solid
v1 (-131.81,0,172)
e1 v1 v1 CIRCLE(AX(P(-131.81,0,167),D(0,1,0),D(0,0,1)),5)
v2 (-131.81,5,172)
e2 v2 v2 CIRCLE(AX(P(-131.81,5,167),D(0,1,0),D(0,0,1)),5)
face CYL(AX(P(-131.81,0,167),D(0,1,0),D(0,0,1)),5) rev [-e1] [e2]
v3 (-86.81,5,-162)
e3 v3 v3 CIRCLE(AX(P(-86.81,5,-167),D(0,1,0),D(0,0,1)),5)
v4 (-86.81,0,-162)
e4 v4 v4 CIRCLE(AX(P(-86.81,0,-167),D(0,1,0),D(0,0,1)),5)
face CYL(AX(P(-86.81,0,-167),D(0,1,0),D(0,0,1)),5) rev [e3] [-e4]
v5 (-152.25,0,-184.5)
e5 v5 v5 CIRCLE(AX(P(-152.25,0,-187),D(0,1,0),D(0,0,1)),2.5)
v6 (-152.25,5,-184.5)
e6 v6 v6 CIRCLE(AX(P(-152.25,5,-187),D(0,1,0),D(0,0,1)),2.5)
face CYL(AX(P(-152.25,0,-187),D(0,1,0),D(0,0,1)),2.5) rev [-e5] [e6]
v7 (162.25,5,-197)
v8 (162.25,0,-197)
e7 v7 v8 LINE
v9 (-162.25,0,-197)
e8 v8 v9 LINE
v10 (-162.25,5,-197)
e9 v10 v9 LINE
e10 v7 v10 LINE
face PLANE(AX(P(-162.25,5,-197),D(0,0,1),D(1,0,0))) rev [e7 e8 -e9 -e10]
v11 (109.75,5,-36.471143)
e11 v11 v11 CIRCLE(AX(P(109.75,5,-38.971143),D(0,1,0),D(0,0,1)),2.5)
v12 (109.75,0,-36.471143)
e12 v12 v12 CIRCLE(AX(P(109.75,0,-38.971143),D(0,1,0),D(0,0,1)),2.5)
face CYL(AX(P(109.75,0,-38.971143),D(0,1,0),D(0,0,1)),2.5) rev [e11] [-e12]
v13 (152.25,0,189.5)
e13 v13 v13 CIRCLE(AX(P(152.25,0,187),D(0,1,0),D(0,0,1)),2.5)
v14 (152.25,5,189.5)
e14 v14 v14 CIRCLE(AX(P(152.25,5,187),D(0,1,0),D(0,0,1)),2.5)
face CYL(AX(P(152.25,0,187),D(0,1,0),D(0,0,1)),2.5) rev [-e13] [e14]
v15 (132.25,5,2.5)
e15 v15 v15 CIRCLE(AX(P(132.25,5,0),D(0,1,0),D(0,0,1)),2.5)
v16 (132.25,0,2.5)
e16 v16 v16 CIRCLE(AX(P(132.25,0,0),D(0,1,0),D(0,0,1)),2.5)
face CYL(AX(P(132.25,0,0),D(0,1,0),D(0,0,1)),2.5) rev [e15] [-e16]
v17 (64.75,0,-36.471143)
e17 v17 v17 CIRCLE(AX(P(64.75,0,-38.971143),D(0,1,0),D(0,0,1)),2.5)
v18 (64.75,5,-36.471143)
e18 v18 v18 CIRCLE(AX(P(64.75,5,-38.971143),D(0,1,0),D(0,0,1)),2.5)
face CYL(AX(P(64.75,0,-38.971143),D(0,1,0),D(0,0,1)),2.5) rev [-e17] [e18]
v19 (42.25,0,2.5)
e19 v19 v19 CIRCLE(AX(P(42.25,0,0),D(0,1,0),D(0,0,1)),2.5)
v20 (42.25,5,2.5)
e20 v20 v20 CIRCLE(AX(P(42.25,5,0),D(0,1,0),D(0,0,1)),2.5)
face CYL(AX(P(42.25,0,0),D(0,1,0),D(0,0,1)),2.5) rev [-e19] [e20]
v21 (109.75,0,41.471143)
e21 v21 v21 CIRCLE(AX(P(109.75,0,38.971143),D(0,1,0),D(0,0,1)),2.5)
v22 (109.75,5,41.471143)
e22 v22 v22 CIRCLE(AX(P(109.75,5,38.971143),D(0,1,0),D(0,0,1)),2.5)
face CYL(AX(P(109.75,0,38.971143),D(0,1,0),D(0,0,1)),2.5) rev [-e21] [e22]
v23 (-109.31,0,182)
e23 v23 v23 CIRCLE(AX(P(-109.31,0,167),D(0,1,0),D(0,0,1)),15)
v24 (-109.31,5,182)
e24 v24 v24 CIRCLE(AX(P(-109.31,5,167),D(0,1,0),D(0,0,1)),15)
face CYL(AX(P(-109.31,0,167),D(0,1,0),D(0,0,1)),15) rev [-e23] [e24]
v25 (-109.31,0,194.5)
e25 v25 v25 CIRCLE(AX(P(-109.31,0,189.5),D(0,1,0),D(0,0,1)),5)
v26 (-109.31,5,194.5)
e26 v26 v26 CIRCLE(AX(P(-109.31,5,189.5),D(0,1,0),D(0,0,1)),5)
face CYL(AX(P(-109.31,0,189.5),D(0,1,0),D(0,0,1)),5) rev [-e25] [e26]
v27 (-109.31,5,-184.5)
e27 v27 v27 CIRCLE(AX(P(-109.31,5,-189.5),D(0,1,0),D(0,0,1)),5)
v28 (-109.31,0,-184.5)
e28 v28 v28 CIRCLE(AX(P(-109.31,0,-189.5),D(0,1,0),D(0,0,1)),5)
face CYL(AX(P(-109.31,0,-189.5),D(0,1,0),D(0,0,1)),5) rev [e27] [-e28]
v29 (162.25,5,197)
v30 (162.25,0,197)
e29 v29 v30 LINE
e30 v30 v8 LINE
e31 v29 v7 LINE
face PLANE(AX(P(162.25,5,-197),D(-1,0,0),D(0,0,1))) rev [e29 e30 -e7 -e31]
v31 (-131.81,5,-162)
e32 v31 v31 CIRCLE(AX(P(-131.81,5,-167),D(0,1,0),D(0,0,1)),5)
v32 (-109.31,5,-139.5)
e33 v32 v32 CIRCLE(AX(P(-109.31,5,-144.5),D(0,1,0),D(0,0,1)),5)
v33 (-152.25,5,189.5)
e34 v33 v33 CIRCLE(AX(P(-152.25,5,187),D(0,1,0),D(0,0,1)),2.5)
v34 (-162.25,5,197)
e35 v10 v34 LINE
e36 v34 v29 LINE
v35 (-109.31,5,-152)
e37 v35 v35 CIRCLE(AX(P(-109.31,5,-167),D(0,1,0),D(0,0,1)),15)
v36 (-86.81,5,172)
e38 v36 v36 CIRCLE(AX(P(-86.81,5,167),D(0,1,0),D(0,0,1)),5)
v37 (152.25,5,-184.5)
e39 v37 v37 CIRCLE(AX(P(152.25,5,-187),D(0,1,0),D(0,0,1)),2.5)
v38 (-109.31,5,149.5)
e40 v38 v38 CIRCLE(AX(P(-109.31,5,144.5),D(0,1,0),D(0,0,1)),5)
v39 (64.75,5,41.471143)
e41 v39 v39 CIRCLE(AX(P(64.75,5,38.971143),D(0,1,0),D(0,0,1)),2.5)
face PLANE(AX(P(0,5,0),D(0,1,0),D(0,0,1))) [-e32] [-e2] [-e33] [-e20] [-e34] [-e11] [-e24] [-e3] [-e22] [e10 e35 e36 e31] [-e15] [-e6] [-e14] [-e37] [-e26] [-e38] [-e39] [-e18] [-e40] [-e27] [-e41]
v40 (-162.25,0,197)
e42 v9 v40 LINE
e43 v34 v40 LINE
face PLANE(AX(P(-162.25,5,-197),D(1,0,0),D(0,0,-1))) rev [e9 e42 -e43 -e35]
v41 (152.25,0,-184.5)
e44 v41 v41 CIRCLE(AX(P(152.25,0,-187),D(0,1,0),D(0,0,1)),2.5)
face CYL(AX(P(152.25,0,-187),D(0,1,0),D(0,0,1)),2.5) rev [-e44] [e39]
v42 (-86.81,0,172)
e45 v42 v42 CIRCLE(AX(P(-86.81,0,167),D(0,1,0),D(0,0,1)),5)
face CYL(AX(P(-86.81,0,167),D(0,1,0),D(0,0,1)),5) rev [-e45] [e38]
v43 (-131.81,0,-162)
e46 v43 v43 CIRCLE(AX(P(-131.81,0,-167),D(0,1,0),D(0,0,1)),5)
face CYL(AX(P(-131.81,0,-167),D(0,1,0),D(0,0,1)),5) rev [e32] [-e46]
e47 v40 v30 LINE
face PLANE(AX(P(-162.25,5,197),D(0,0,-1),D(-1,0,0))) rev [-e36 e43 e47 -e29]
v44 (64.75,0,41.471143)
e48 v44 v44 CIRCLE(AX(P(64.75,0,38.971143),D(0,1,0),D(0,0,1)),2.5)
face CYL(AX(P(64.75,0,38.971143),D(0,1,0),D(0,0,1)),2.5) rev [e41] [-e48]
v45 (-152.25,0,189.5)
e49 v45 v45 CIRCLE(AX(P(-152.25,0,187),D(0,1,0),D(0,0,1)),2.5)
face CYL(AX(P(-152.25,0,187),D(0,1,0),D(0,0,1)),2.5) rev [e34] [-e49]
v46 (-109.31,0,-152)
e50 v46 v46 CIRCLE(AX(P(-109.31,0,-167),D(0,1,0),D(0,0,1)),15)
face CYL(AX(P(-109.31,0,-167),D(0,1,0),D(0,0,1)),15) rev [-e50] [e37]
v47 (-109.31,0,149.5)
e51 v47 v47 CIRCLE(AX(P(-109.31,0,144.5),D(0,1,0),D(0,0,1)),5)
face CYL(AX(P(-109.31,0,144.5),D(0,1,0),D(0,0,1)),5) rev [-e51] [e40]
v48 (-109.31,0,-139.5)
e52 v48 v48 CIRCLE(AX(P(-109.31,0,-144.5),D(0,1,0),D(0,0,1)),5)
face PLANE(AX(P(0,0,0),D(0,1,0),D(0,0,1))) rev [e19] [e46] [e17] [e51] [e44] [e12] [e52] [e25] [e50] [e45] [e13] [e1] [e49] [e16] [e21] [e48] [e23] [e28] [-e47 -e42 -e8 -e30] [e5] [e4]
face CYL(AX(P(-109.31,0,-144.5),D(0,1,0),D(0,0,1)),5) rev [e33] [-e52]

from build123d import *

# Parameters (mm, degrees)
SKETCH1_W           = 324.5
SKETCH1_H           = 394
BOSS_EXTRUDE1_DEPTH = 5
SKETCH2_R           = 2.5
CUT_EXTRUDE1_DEPTH  = 256.262732298
SKETCH3_R           = 2.5
CUT_EXTRUDE2_DEPTH  = 5
SKETCH4_R           = 15
SKETCH4_R_2         = 5
CUT_EXTRUDE4_DEPTH  = 256.262732298


with BuildPart() as part:
    # Sketch1 → Boss-Extrude1 (new body)
    with BuildSketch(Plane(origin=(0, 0, 0), x_dir=(1, 0, 0), z_dir=(0, 1, 0))):
        Rectangle(SKETCH1_W, SKETCH1_H)
    extrude(amount=BOSS_EXTRUDE1_DEPTH)

    # Sketch2 → Cut-Extrude1 (cut, through all)
    with BuildSketch(Plane(origin=(0, 5, 0), x_dir=(1, 0, 0), z_dir=(0, 1, 0))):
        with Locations(Location((152.25, 187, 0), (0, 0, 270))):
            Circle(SKETCH2_R)
        with Locations(Location((-152.25, 187, 0), (0, 0, 270))):
            Circle(SKETCH2_R)
        with Locations(Location((-152.25, -187, 0), (0, 0, 270))):
            Circle(SKETCH2_R)
        with Locations(Location((152.25, -187, 0), (0, 0, 270))):
            Circle(SKETCH2_R)
    extrude(amount=-CUT_EXTRUDE1_DEPTH, mode=Mode.SUBTRACT)

    # Sketch3 → Cut-Extrude2 (cut)
    with BuildSketch(Plane(origin=(0, 5, 0), x_dir=(1, 0, 0), z_dir=(0, 1, 0))):
        with Locations(Location((132.25, 0, 0), (0, 0, 270))):
            Circle(SKETCH3_R)
        with Locations(Location((109.75, -38.97114317, 0), (0, 0, 270))):
            Circle(SKETCH3_R)
        with Locations(Location((64.75, -38.97114317, 0), (0, 0, 270))):
            Circle(SKETCH3_R)
        with Locations(Location((42.25, 0, 0), (0, 0, 270))):
            Circle(SKETCH3_R)
        with Locations(Location((64.75, 38.97114317, 0), (0, 0, 270))):
            Circle(SKETCH3_R)
        with Locations(Location((109.75, 38.97114317, 0), (0, 0, 270))):
            Circle(SKETCH3_R)
    extrude(amount=-CUT_EXTRUDE2_DEPTH, mode=Mode.SUBTRACT)

    # Sketch4 → Cut-Extrude4 (cut, through all)
    with BuildSketch(Plane(origin=(0, 5, 0), x_dir=(1, 0, 0), z_dir=(0, 1, 0))):
        with Locations(Location((-109.31, 167, 0), (0, 0, 270))):
            Circle(SKETCH4_R)
        with Locations(Location((-109.31, -167, 0), (0, 0, 270))):
            Circle(SKETCH4_R)
        with Locations(Location((-109.31, 189.5, 0), (0, 0, 270))):
            Circle(SKETCH4_R_2)
        with Locations(Location((-109.31, -189.5, 0), (0, 0, 270))):
            Circle(SKETCH4_R_2)
        with Locations(Location((-131.81, -167, 0), (0, 0, 270))):
            Circle(SKETCH4_R_2)
        with Locations(Location((-109.31, -144.5, 0), (0, 0, 270))):
            Circle(SKETCH4_R_2)
        with Locations(Location((-86.81, -167, 0), (0, 0, 270))):
            Circle(SKETCH4_R_2)
        with Locations(Location((-86.81, 167, 0), (0, 0, 270))):
            Circle(SKETCH4_R_2)
        with Locations(Location((-109.31, 144.5, 0), (0, 0, 270))):
            Circle(SKETCH4_R_2)
        with Locations(Location((-131.81, 167, 0), (0, 0, 270))):
            Circle(SKETCH4_R_2)
    extrude(amount=-CUT_EXTRUDE4_DEPTH, mode=Mode.SUBTRACT)


solid = part.part
